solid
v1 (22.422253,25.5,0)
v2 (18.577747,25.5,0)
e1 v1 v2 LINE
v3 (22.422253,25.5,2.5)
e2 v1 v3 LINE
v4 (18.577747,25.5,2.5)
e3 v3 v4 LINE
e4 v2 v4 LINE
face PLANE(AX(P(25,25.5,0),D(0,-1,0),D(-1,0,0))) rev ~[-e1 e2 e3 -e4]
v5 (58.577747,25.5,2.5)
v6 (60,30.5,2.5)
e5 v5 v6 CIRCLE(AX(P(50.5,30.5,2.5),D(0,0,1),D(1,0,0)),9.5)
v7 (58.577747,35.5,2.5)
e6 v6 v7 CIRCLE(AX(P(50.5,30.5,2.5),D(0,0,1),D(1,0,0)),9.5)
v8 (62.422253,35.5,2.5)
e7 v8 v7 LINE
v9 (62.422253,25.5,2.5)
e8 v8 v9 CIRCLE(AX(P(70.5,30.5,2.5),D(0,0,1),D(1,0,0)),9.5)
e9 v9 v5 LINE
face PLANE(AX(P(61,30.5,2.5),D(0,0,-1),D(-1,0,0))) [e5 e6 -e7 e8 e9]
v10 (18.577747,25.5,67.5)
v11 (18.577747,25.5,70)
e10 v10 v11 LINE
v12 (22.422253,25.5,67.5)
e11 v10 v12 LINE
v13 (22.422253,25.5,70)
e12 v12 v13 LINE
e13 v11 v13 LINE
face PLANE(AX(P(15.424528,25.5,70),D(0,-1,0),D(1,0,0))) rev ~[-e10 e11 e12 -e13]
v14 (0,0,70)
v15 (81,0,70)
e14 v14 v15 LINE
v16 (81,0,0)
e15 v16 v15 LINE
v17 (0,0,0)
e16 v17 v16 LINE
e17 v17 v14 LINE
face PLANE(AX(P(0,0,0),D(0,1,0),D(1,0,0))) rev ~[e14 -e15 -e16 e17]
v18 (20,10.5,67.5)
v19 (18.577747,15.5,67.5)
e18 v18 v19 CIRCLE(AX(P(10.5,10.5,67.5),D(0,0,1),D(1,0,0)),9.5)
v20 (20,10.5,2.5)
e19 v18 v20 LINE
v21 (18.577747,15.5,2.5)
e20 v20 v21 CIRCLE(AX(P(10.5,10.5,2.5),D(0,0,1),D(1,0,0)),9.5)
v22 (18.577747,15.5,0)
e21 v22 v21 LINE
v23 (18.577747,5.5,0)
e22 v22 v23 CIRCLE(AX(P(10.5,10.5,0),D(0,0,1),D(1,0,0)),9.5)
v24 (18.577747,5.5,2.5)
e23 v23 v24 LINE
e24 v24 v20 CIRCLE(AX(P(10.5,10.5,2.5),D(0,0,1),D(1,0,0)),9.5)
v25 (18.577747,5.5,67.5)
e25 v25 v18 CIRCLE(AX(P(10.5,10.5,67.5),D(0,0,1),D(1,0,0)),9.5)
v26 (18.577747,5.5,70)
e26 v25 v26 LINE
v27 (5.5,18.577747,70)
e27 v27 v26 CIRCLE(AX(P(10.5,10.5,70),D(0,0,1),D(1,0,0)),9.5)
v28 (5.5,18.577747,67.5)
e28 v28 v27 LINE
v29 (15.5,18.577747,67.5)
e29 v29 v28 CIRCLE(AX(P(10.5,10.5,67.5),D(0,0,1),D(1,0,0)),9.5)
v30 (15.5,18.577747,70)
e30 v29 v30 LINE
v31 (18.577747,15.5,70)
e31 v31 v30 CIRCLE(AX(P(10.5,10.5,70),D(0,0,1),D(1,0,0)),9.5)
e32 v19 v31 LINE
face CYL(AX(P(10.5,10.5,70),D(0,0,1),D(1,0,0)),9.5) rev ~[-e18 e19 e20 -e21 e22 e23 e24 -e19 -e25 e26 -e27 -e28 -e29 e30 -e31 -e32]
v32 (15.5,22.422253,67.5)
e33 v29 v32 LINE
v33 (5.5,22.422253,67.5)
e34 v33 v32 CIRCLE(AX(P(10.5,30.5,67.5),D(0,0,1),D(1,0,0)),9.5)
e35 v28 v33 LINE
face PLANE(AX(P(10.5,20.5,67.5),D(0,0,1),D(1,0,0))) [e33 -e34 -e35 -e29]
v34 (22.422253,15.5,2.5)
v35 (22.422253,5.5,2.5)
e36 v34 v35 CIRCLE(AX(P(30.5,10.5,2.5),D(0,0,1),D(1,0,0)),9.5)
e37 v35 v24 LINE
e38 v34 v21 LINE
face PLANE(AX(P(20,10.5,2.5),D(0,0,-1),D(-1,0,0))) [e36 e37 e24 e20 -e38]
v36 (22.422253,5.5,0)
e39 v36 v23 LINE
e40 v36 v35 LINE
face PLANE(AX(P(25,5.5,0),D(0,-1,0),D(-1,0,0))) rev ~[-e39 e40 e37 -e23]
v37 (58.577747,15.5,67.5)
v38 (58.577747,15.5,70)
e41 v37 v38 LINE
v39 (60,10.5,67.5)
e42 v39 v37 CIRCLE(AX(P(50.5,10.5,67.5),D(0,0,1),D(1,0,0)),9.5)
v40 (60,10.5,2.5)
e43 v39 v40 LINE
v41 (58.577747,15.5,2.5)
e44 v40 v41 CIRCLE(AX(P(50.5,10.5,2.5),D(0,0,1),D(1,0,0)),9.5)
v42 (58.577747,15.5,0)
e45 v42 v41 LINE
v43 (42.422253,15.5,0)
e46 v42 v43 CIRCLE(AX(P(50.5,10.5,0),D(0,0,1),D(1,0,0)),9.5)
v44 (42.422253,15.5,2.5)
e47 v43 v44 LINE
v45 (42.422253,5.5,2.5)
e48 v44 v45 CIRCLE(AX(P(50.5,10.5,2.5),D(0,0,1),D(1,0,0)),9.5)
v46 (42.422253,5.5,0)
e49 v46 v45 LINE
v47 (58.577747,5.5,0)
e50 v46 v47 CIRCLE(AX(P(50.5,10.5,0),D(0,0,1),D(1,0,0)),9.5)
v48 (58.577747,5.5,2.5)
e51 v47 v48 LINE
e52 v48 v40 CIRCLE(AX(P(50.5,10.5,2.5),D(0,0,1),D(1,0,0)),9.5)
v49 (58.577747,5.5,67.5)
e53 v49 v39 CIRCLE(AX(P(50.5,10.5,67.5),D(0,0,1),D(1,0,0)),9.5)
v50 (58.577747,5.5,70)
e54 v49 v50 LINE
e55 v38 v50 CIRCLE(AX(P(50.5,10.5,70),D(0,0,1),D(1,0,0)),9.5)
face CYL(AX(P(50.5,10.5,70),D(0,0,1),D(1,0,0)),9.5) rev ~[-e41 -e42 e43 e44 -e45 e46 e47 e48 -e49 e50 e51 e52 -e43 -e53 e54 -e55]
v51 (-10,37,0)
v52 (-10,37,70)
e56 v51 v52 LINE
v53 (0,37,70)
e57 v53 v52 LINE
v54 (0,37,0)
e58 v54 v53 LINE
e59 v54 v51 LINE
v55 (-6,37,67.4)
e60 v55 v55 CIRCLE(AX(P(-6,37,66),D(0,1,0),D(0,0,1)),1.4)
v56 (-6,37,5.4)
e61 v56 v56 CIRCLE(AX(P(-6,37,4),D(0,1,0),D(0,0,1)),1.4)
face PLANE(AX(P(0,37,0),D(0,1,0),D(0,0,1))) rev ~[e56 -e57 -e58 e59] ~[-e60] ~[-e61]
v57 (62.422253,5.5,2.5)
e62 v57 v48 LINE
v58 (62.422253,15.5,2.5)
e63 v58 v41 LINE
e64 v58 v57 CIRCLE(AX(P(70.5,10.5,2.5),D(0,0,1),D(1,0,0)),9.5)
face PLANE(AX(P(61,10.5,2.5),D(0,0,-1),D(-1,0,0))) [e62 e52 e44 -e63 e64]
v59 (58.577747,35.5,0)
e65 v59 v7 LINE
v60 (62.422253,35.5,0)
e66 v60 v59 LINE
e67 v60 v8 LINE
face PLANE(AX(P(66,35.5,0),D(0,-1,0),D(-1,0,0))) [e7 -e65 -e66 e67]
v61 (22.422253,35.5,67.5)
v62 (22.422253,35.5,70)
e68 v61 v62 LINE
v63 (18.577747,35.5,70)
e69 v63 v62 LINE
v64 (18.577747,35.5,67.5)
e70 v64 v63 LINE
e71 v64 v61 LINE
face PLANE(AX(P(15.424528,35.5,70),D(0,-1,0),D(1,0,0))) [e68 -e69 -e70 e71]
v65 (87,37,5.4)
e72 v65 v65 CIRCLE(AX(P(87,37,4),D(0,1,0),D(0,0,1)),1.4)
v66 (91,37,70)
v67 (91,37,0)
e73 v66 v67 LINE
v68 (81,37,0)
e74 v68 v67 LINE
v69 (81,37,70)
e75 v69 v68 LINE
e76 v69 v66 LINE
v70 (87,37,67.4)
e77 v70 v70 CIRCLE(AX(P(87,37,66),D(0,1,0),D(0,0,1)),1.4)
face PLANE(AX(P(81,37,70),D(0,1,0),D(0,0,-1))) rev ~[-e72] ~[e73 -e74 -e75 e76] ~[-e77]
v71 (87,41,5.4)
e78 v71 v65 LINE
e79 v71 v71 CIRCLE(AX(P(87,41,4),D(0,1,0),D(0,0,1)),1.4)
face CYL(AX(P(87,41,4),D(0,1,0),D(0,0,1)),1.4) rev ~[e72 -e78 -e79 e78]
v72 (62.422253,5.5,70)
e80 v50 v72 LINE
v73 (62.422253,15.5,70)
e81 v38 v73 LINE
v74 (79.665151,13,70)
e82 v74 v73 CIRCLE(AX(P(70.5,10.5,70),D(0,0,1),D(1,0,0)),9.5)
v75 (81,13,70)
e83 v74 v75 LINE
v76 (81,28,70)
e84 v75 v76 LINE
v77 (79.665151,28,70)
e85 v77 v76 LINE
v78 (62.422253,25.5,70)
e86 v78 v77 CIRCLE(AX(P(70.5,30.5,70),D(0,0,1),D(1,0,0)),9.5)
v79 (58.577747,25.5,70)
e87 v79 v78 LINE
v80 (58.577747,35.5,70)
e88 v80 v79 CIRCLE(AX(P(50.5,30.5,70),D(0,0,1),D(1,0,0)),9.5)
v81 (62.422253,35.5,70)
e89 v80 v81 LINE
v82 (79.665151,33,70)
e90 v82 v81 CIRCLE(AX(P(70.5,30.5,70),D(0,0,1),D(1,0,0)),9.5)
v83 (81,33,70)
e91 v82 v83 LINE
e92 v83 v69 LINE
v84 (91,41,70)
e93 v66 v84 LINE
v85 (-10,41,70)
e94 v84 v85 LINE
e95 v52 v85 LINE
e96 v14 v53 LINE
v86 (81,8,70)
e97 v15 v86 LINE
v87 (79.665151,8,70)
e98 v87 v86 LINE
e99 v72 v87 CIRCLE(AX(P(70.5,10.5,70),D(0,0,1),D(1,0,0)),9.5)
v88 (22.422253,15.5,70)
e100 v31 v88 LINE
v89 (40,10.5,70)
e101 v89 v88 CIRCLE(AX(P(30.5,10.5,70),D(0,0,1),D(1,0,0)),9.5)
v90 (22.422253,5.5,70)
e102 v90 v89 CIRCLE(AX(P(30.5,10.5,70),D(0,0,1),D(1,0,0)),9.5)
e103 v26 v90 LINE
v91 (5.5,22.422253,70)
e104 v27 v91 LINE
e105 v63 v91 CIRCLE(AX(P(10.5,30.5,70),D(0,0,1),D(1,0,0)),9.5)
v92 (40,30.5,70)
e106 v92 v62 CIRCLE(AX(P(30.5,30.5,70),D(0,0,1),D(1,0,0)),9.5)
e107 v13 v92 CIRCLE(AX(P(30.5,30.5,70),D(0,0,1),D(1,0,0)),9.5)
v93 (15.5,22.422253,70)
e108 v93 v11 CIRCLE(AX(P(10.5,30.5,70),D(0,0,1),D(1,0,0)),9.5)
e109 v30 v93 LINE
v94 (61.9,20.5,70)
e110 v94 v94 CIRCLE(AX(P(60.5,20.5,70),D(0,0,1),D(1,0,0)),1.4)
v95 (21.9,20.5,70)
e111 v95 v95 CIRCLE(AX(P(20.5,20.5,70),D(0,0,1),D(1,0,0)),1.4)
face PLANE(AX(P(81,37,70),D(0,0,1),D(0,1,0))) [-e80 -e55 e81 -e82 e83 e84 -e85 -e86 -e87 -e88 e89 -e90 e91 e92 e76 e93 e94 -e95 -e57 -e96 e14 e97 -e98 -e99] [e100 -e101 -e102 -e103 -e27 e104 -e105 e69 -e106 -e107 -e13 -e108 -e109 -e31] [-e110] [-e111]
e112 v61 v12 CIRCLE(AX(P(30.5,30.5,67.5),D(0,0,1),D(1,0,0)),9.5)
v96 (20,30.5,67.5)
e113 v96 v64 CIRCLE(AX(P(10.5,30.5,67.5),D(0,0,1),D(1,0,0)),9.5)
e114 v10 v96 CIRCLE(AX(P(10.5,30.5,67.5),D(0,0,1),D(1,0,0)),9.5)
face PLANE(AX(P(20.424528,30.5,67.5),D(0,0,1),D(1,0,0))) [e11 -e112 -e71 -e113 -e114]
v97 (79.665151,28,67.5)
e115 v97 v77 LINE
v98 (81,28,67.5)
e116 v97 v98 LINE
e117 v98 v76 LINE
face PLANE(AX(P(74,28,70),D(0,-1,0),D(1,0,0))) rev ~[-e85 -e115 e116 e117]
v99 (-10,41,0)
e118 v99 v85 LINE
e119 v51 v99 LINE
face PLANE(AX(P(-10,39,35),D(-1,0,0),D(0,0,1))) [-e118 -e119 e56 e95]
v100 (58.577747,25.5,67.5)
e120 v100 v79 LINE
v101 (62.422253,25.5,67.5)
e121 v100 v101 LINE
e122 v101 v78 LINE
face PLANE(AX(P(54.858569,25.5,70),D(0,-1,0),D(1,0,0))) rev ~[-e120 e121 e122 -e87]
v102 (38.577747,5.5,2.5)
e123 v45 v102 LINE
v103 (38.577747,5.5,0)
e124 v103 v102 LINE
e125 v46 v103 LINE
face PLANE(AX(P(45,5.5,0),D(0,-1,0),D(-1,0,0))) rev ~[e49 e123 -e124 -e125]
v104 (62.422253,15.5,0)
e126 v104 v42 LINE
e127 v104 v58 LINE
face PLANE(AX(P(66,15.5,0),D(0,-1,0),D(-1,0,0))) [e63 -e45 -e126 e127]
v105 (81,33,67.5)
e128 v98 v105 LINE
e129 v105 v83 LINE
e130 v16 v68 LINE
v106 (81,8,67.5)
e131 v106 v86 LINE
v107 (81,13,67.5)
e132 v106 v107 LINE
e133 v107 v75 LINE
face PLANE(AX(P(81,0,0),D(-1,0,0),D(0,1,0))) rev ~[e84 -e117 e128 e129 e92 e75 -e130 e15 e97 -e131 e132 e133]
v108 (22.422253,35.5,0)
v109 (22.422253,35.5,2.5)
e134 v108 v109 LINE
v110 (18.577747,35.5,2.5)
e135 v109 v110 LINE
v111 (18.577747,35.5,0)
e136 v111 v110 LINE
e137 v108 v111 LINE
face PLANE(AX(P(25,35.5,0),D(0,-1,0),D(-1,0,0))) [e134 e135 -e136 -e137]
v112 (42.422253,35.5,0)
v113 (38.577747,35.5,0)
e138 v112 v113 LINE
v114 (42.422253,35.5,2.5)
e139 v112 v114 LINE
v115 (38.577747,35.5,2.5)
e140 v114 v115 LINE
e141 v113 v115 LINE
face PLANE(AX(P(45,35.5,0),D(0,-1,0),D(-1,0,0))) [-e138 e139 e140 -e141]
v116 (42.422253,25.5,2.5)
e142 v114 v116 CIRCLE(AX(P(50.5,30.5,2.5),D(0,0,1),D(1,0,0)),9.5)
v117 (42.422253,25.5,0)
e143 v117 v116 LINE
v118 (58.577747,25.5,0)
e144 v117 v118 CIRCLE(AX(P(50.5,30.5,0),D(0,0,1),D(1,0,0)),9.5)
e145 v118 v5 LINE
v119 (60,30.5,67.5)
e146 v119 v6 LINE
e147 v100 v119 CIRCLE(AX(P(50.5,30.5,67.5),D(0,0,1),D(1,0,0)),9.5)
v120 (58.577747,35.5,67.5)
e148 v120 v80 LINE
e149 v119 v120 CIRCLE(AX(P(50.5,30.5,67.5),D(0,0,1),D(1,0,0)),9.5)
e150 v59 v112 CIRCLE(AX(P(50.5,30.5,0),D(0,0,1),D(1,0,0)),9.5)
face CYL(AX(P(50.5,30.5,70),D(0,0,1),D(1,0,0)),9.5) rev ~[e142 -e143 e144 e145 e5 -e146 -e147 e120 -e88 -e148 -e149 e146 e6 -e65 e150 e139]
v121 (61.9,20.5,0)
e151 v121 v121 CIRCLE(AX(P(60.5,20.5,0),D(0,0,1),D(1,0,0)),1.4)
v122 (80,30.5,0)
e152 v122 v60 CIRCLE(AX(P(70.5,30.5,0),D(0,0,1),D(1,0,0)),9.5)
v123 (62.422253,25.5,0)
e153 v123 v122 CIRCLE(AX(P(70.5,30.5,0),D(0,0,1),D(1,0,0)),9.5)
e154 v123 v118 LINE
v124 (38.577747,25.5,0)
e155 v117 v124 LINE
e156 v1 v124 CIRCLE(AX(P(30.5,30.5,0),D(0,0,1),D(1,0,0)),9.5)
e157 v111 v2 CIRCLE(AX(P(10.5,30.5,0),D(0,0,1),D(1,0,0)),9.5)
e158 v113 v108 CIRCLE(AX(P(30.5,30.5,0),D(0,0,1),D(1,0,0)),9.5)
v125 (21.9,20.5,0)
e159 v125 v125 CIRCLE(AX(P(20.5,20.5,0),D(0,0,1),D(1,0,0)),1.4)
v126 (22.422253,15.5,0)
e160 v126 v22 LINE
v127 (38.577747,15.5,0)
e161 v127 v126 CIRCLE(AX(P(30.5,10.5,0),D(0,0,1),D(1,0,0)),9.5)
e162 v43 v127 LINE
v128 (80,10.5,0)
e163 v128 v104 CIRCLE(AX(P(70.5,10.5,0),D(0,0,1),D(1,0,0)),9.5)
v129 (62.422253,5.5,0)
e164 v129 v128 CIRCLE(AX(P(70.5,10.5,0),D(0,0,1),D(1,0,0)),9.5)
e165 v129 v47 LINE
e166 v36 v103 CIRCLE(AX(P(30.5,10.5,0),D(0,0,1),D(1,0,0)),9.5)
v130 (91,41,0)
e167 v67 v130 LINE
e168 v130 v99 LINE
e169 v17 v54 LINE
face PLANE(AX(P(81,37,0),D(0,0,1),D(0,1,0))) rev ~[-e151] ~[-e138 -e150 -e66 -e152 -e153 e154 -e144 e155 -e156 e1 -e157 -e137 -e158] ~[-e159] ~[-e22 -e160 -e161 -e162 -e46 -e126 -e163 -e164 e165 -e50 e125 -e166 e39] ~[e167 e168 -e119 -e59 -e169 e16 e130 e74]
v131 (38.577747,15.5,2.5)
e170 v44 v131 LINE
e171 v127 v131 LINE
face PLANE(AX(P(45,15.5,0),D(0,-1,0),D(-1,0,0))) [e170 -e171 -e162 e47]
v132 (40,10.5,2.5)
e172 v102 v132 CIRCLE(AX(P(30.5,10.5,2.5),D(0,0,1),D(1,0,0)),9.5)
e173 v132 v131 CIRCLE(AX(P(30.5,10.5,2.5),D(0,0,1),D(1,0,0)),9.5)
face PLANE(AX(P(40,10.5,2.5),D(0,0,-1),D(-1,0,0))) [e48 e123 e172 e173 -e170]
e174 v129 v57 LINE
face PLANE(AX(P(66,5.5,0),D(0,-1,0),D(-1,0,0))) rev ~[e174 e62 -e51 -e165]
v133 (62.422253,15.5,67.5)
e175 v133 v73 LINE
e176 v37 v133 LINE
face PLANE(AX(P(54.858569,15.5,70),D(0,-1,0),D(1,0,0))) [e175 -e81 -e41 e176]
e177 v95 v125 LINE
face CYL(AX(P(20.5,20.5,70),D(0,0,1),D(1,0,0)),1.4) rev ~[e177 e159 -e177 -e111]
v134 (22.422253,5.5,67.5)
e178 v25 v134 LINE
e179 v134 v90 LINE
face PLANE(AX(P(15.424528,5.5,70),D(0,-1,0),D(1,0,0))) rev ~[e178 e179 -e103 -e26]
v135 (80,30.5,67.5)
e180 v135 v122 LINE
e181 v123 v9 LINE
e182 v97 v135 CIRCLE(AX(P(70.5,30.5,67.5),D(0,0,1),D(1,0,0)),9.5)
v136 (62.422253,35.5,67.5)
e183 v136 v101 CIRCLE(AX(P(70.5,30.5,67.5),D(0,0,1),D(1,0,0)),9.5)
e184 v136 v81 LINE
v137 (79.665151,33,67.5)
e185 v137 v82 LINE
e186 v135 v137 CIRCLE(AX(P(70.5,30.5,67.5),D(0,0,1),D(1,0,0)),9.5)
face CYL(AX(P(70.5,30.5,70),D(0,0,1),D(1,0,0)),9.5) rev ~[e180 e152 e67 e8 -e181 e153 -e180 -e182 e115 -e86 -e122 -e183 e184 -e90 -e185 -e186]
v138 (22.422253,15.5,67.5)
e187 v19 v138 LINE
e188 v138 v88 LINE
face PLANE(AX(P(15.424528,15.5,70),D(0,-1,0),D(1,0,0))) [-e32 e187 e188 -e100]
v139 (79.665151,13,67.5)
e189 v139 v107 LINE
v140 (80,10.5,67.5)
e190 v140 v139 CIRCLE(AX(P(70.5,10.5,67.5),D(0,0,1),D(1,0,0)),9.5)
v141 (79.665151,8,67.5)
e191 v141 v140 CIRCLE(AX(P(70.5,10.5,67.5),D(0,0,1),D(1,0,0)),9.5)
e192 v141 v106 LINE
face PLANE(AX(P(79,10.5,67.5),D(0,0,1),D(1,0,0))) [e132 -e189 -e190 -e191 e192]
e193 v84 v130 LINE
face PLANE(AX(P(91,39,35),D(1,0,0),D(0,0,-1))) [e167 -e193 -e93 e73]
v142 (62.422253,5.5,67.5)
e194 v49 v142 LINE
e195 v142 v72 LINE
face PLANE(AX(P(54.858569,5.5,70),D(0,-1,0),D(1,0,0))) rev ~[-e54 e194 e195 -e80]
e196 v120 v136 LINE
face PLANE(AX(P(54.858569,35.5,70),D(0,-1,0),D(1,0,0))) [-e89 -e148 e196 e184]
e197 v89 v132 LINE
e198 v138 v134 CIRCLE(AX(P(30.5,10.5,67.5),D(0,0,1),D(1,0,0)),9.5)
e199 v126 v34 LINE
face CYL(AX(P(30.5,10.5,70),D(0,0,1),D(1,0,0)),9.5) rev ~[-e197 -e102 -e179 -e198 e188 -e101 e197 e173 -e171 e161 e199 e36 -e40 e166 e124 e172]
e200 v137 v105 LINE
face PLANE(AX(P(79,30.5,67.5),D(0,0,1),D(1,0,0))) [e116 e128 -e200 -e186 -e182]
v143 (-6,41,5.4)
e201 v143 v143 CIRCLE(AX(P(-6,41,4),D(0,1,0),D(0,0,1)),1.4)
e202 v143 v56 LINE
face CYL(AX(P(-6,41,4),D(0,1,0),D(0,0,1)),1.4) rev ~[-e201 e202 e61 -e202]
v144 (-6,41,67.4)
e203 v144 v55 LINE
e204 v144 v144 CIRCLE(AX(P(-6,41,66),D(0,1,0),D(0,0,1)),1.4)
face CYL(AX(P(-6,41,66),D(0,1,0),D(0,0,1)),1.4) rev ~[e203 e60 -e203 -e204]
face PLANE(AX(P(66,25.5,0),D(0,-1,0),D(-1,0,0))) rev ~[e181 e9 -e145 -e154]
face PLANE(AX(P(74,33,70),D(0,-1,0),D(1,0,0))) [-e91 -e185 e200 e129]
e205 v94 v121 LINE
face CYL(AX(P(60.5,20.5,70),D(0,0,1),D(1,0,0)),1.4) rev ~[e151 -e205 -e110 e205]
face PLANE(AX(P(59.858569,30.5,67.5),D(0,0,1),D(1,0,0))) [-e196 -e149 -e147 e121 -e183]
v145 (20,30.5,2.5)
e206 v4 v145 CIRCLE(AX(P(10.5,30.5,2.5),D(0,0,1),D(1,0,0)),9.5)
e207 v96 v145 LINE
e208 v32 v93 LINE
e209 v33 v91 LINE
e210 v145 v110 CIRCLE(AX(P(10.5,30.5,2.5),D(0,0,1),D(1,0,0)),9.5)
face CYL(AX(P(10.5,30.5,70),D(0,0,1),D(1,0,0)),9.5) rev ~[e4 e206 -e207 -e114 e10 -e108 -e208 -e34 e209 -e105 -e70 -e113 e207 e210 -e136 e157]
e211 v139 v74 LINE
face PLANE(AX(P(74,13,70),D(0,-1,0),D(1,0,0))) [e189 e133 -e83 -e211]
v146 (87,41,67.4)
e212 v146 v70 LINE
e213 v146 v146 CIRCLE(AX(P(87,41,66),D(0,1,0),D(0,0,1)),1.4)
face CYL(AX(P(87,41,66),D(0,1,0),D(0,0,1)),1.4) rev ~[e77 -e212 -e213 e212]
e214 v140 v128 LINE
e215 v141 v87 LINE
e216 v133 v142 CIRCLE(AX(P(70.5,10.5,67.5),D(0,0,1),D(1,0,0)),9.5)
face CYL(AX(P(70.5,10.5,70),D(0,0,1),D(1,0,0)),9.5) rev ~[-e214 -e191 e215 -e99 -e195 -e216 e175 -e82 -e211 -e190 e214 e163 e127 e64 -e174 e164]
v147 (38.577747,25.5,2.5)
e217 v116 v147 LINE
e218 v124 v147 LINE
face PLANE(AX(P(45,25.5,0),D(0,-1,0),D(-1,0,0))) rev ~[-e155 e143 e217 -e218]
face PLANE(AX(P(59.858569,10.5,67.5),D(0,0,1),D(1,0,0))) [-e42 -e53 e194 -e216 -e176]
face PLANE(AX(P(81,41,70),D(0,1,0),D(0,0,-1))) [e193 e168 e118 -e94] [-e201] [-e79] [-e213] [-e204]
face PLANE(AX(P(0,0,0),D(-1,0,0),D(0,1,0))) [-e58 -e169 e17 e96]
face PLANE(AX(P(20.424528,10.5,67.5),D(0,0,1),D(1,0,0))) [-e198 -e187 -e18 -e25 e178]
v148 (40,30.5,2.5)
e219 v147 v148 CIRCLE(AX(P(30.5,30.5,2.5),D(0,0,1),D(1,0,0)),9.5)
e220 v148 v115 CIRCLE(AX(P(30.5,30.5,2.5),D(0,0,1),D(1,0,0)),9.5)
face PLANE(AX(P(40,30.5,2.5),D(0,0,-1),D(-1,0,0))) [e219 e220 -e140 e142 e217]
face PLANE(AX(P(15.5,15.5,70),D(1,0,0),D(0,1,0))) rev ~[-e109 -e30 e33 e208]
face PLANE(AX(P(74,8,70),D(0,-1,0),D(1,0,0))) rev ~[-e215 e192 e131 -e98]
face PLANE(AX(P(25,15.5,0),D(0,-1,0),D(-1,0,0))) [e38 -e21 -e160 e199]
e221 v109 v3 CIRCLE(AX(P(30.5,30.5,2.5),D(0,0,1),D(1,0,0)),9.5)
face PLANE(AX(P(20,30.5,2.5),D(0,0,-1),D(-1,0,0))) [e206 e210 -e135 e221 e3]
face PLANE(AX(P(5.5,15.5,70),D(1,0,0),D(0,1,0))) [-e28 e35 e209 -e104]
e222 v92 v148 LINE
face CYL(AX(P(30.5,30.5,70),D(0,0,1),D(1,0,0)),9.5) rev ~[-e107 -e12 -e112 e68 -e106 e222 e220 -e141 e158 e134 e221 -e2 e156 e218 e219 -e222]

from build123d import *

# Parameters (mm, degrees)
SKETCH1_W           = 81
SKETCH1_H           = 41
BOSS_EXTRUDE1_DEPTH = 70
SKETCH2_R           = 9.5
CUT_EXTRUDE1_DEPTH  = 115.638562447
SKETCH3_W           = 70
SKETCH3_H           = 4
BOSS_EXTRUDE2_DEPTH = 10
SKETCH4_W           = 70
SKETCH4_H           = 4
BOSS_EXTRUDE3_DEPTH = 10
SKETCH5_R           = 1.4
CUT_EXTRUDE2_DEPTH  = 122.909802723
SKETCH6_W           = 10
SKETCH6_H           = 10
CUT_EXTRUDE3_DEPTH  = 2.5
SKETCH7_W           = 10
SKETCH7_H           = 10
CUT_EXTRUDE4_DEPTH  = 2.5
SKETCH8_W           = 10
SKETCH8_H           = 10
CUT_EXTRUDE5_DEPTH  = 2.5
SKETCH9_W           = 10
SKETCH9_H           = 10
SKETCH9_H_2         = 5
CUT_EXTRUDE6_DEPTH  = 2.5
SKETCH10_R          = 1.4
CUT_EXTRUDE7_DEPTH  = 122.909802723


with BuildPart() as part:
    # Sketch1 → Boss-Extrude1 (new body)
    with BuildSketch(Plane.XY):
        with Locations((40.5, 20.5)):
            Rectangle(SKETCH1_W, SKETCH1_H)
    extrude(amount=BOSS_EXTRUDE1_DEPTH)

    # Sketch2 → Cut-Extrude1 (cut, through all)
    with BuildSketch(Plane.XY.offset(70)):
        with Locations((10.5, 30.5)):
            Circle(SKETCH2_R)
        with Locations((30.5, 30.5)):
            Circle(SKETCH2_R)
        with Locations((50.5, 30.5)):
            Circle(SKETCH2_R)
        with Locations((70.5, 30.5)):
            Circle(SKETCH2_R)
        with Locations((30.5, 10.5)):
            Circle(SKETCH2_R)
        with Locations((50.5, 10.5)):
            Circle(SKETCH2_R)
        with Locations((70.5, 10.5)):
            Circle(SKETCH2_R)
        with Locations((10.5, 10.5)):
            Circle(SKETCH2_R)
    extrude(amount=-CUT_EXTRUDE1_DEPTH, mode=Mode.SUBTRACT)

    # Sketch3 → Boss-Extrude2 (add)
    with BuildSketch(Plane.ZY):
        with Locations((35, 39)):
            Rectangle(SKETCH3_W, SKETCH3_H)
    extrude(amount=BOSS_EXTRUDE2_DEPTH)

    # Sketch4 → Boss-Extrude3 (add)
    with BuildSketch(Plane(origin=(81, 0, 0), x_dir=(0, 0, -1), z_dir=(1, 0, 0))):
        with Locations((-35, 39)):
            Rectangle(SKETCH4_W, SKETCH4_H)
    extrude(amount=BOSS_EXTRUDE3_DEPTH)

    # Sketch5 → Cut-Extrude2 (cut, through all)
    with BuildSketch(Plane(origin=(0, 41, 0), x_dir=(1, 0, 0), z_dir=(0, 1, 0))):
        with Locations(Location((-6, -4, 0), (0, 0, 270))):
            Circle(SKETCH5_R)
        with Locations(Location((-6, -66, 0), (0, 0, 270))):
            Circle(SKETCH5_R)
        with Locations(Location((87, -66, 0), (0, 0, 270))):
            Circle(SKETCH5_R)
        with Locations(Location((87, -4, 0), (0, 0, 270))):
            Circle(SKETCH5_R)
    extrude(amount=-CUT_EXTRUDE2_DEPTH, mode=Mode.SUBTRACT)

    # Sketch6 → Cut-Extrude3 (cut)
    with BuildSketch(Plane.XY.offset(70)):
        with Locations((20.424528373, 30.5)):
            Rectangle(SKETCH6_W, SKETCH6_H)
        with Locations((59.858568815, 30.5)):
            Rectangle(SKETCH6_W, SKETCH6_H)
        with Locations((20.424528373, 10.5)):
            Rectangle(SKETCH6_W, SKETCH6_H)
        with Locations((59.858568815, 10.5)):
            Rectangle(SKETCH6_W, SKETCH6_H)
    extrude(amount=-CUT_EXTRUDE3_DEPTH, mode=Mode.SUBTRACT)

    # Sketch7 → Cut-Extrude4 (cut)
    with BuildSketch(Plane(origin=(0, 0, 0), x_dir=(-1, 0, 0), z_dir=(0, 0, -1))):
        with Locations((-61, 30.5)):
            Rectangle(SKETCH7_W, SKETCH7_H)
        with Locations((-20, 30.5)):
            Rectangle(SKETCH7_W, SKETCH7_H)
        with Locations((-20, 10.5)):
            Rectangle(SKETCH7_W, SKETCH7_H)
        with Locations((-61, 10.5)):
            Rectangle(SKETCH7_W, SKETCH7_H)
    extrude(amount=-CUT_EXTRUDE4_DEPTH, mode=Mode.SUBTRACT)

    # Sketch8 → Cut-Extrude5 (cut)
    with BuildSketch(Plane(origin=(0, 0, 0), x_dir=(-1, 0, 0), z_dir=(0, 0, -1))):
        with Locations((-40, 30.5)):
            Rectangle(SKETCH8_W, SKETCH8_H)
        with Locations((-40, 10.5)):
            Rectangle(SKETCH8_W, SKETCH8_H)
    extrude(amount=-CUT_EXTRUDE5_DEPTH, mode=Mode.SUBTRACT)

    # Sketch9 → Cut-Extrude6 (cut)
    with BuildSketch(Plane.XY.offset(70)):
        with Locations((10.5, 20.5)):
            Rectangle(SKETCH9_W, SKETCH9_H)
        with Locations((79, 30.5)):
            Rectangle(SKETCH9_W, SKETCH9_H_2)
        with Locations((79, 10.5)):
            Rectangle(SKETCH9_W, SKETCH9_H_2)
    extrude(amount=-CUT_EXTRUDE6_DEPTH, mode=Mode.SUBTRACT)

    # Sketch10 → Cut-Extrude7 (cut, through all)
    with BuildSketch(Plane.XY.offset(70)):
        with Locations((20.5, 20.5)):
            Circle(SKETCH10_R)
        with Locations((60.5, 20.5)):
            Circle(SKETCH10_R)
    extrude(amount=-CUT_EXTRUDE7_DEPTH, mode=Mode.SUBTRACT)


solid = part.part
